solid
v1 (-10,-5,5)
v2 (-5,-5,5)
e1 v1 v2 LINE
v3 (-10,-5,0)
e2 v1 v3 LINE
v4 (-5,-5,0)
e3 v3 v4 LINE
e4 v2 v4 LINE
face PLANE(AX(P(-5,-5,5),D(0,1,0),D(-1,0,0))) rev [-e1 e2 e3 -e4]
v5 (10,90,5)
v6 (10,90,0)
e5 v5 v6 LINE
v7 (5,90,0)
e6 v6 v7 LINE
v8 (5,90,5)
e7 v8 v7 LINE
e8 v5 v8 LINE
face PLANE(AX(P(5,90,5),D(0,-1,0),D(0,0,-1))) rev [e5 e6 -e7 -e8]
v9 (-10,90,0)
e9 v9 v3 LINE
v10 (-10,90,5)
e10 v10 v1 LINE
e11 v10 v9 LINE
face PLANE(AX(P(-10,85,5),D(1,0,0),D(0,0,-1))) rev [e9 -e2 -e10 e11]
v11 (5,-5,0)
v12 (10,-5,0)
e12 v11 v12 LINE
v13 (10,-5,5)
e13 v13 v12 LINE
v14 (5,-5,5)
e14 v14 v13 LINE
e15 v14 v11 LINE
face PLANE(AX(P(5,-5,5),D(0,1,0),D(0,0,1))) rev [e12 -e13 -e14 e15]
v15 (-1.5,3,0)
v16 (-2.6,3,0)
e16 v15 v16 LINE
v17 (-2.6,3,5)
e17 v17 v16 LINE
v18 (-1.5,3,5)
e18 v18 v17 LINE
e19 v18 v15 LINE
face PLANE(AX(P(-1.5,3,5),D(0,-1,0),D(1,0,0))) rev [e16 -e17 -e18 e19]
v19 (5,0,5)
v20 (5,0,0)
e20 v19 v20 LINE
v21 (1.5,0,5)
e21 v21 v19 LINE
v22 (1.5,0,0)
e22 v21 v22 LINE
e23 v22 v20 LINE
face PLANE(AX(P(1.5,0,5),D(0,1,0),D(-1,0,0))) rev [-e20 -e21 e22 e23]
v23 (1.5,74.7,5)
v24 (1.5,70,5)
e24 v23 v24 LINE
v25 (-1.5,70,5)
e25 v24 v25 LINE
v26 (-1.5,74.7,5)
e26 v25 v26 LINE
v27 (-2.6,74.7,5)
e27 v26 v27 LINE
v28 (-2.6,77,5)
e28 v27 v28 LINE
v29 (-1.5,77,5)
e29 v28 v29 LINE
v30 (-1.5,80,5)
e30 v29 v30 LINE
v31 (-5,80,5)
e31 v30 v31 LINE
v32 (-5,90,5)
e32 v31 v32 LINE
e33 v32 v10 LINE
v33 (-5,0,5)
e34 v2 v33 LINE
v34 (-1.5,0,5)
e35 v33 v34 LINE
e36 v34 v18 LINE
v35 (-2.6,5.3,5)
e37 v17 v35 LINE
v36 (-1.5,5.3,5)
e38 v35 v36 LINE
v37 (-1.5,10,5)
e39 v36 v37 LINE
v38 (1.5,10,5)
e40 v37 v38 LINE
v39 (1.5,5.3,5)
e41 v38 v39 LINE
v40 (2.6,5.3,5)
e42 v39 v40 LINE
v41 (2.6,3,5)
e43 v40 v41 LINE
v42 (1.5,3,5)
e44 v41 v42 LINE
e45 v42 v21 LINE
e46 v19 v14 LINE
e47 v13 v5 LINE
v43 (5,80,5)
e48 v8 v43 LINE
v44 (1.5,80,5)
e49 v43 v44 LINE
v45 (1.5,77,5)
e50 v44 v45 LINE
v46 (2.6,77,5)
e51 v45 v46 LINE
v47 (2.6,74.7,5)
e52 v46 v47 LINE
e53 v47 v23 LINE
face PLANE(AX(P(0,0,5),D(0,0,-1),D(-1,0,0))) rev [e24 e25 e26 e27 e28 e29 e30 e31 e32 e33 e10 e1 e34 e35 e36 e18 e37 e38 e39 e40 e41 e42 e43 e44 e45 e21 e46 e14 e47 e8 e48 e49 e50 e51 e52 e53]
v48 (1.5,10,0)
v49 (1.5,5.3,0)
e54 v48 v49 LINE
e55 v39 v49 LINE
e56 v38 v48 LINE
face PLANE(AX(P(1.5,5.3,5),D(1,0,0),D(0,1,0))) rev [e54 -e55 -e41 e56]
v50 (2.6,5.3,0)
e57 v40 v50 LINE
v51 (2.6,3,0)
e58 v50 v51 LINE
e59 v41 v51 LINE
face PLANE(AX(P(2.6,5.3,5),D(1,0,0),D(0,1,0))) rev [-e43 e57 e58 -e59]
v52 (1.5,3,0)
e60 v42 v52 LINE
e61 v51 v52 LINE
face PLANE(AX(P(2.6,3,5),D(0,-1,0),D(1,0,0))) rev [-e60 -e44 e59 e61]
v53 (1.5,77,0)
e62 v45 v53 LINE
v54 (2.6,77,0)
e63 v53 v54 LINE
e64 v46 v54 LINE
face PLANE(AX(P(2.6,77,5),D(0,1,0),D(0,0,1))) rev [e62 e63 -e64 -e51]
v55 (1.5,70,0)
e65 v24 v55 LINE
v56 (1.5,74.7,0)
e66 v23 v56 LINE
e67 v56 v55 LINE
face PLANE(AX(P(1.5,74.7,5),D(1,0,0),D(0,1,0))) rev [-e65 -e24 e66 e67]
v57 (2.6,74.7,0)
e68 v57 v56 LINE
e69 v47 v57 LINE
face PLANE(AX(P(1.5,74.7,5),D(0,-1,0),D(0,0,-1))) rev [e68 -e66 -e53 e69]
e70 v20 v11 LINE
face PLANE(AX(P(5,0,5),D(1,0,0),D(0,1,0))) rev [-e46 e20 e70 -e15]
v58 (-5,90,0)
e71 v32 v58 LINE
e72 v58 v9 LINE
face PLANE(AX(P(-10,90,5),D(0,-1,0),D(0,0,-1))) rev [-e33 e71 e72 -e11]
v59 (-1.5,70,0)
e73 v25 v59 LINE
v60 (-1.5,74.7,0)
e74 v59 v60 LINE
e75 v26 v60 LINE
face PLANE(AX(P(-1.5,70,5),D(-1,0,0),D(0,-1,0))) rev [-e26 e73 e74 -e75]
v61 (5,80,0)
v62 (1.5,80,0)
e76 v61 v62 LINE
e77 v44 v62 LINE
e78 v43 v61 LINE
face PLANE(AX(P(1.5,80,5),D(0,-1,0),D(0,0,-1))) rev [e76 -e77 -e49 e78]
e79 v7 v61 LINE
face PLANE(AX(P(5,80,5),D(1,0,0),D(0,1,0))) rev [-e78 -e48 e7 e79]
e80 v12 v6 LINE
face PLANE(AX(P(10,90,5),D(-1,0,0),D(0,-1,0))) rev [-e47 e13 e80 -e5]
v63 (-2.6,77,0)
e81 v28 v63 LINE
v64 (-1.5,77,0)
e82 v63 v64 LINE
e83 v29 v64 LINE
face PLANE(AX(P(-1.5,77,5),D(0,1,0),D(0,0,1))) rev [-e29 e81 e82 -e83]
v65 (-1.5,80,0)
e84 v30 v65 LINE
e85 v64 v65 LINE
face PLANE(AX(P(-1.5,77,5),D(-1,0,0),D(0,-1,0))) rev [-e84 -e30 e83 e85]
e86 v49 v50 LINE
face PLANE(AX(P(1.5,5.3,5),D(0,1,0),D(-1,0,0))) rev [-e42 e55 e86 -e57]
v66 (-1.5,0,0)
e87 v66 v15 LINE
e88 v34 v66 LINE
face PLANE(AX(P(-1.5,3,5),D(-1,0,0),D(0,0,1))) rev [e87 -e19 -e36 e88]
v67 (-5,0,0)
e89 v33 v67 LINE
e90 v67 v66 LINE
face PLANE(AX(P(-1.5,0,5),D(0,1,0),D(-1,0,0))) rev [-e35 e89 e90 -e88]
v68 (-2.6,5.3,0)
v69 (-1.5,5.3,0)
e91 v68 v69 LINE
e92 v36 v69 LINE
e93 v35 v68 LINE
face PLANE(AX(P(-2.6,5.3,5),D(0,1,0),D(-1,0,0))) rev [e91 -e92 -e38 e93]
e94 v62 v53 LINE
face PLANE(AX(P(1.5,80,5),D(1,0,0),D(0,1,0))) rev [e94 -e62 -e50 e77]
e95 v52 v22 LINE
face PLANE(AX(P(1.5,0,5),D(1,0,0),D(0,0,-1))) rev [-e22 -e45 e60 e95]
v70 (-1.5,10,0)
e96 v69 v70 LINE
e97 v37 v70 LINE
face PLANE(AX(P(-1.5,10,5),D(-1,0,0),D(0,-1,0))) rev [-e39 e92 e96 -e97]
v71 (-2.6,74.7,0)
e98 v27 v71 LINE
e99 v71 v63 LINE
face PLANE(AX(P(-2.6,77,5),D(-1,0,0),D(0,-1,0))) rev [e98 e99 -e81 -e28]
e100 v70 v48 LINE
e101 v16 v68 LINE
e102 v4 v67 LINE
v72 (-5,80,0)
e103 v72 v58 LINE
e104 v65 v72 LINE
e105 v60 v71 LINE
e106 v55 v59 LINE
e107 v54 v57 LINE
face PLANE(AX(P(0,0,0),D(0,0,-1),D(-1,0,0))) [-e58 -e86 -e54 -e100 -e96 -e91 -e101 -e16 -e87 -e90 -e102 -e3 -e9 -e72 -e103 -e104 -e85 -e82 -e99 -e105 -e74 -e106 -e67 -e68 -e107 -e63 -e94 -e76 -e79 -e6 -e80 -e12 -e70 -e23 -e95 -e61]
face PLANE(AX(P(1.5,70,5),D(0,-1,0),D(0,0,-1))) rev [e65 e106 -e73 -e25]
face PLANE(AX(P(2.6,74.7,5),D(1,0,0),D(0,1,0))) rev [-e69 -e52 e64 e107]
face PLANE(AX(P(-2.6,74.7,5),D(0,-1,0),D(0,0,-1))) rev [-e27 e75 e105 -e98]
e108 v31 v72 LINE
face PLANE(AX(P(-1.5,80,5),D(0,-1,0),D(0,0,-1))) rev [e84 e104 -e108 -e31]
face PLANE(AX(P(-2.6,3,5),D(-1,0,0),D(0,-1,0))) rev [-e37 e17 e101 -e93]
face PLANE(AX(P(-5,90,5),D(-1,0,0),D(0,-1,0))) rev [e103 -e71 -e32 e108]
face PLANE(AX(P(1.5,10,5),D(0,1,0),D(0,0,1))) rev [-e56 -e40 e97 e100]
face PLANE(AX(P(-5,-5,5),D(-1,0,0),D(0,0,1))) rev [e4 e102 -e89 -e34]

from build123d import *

# Parameters (mm, degrees)
BOSS_EXTRUDE1_DEPTH = 5


with BuildPart() as part:
    # Sketch1 → Boss-Extrude1 (new body)
    with BuildSketch(Plane.XY):
        Polygon((-1.5, 0), (-5, 0), (-5, -5), (-10, -5), (-10, 0), (-10, 80), (-10, 85), (-10, 90), (-5, 90), (-5, 85), (-5, 80), (-1.5, 80), (-1.5, 77), (-2.6, 77), (-2.6, 74.7), (-1.5, 74.7), (-1.5, 70), (1.5, 70), (1.5, 74.7), (2.6, 74.7), (2.6, 77), (1.5, 77), (1.5, 80), (5, 80), (5, 85), (5, 90), (10, 90), (10, 85), (10, 80), (10, 0), (10, -5), (5, -5), (5, 0), (1.5, 0), (1.5, 3), (2.6, 3), (2.6, 5.3), (1.5, 5.3), (1.5, 10), (-1.5, 10), (-1.5, 5.3), (-2.6, 5.3), (-2.6, 3), (-1.5, 3), align=None)
    extrude(amount=BOSS_EXTRUDE1_DEPTH)


solid = part.part
